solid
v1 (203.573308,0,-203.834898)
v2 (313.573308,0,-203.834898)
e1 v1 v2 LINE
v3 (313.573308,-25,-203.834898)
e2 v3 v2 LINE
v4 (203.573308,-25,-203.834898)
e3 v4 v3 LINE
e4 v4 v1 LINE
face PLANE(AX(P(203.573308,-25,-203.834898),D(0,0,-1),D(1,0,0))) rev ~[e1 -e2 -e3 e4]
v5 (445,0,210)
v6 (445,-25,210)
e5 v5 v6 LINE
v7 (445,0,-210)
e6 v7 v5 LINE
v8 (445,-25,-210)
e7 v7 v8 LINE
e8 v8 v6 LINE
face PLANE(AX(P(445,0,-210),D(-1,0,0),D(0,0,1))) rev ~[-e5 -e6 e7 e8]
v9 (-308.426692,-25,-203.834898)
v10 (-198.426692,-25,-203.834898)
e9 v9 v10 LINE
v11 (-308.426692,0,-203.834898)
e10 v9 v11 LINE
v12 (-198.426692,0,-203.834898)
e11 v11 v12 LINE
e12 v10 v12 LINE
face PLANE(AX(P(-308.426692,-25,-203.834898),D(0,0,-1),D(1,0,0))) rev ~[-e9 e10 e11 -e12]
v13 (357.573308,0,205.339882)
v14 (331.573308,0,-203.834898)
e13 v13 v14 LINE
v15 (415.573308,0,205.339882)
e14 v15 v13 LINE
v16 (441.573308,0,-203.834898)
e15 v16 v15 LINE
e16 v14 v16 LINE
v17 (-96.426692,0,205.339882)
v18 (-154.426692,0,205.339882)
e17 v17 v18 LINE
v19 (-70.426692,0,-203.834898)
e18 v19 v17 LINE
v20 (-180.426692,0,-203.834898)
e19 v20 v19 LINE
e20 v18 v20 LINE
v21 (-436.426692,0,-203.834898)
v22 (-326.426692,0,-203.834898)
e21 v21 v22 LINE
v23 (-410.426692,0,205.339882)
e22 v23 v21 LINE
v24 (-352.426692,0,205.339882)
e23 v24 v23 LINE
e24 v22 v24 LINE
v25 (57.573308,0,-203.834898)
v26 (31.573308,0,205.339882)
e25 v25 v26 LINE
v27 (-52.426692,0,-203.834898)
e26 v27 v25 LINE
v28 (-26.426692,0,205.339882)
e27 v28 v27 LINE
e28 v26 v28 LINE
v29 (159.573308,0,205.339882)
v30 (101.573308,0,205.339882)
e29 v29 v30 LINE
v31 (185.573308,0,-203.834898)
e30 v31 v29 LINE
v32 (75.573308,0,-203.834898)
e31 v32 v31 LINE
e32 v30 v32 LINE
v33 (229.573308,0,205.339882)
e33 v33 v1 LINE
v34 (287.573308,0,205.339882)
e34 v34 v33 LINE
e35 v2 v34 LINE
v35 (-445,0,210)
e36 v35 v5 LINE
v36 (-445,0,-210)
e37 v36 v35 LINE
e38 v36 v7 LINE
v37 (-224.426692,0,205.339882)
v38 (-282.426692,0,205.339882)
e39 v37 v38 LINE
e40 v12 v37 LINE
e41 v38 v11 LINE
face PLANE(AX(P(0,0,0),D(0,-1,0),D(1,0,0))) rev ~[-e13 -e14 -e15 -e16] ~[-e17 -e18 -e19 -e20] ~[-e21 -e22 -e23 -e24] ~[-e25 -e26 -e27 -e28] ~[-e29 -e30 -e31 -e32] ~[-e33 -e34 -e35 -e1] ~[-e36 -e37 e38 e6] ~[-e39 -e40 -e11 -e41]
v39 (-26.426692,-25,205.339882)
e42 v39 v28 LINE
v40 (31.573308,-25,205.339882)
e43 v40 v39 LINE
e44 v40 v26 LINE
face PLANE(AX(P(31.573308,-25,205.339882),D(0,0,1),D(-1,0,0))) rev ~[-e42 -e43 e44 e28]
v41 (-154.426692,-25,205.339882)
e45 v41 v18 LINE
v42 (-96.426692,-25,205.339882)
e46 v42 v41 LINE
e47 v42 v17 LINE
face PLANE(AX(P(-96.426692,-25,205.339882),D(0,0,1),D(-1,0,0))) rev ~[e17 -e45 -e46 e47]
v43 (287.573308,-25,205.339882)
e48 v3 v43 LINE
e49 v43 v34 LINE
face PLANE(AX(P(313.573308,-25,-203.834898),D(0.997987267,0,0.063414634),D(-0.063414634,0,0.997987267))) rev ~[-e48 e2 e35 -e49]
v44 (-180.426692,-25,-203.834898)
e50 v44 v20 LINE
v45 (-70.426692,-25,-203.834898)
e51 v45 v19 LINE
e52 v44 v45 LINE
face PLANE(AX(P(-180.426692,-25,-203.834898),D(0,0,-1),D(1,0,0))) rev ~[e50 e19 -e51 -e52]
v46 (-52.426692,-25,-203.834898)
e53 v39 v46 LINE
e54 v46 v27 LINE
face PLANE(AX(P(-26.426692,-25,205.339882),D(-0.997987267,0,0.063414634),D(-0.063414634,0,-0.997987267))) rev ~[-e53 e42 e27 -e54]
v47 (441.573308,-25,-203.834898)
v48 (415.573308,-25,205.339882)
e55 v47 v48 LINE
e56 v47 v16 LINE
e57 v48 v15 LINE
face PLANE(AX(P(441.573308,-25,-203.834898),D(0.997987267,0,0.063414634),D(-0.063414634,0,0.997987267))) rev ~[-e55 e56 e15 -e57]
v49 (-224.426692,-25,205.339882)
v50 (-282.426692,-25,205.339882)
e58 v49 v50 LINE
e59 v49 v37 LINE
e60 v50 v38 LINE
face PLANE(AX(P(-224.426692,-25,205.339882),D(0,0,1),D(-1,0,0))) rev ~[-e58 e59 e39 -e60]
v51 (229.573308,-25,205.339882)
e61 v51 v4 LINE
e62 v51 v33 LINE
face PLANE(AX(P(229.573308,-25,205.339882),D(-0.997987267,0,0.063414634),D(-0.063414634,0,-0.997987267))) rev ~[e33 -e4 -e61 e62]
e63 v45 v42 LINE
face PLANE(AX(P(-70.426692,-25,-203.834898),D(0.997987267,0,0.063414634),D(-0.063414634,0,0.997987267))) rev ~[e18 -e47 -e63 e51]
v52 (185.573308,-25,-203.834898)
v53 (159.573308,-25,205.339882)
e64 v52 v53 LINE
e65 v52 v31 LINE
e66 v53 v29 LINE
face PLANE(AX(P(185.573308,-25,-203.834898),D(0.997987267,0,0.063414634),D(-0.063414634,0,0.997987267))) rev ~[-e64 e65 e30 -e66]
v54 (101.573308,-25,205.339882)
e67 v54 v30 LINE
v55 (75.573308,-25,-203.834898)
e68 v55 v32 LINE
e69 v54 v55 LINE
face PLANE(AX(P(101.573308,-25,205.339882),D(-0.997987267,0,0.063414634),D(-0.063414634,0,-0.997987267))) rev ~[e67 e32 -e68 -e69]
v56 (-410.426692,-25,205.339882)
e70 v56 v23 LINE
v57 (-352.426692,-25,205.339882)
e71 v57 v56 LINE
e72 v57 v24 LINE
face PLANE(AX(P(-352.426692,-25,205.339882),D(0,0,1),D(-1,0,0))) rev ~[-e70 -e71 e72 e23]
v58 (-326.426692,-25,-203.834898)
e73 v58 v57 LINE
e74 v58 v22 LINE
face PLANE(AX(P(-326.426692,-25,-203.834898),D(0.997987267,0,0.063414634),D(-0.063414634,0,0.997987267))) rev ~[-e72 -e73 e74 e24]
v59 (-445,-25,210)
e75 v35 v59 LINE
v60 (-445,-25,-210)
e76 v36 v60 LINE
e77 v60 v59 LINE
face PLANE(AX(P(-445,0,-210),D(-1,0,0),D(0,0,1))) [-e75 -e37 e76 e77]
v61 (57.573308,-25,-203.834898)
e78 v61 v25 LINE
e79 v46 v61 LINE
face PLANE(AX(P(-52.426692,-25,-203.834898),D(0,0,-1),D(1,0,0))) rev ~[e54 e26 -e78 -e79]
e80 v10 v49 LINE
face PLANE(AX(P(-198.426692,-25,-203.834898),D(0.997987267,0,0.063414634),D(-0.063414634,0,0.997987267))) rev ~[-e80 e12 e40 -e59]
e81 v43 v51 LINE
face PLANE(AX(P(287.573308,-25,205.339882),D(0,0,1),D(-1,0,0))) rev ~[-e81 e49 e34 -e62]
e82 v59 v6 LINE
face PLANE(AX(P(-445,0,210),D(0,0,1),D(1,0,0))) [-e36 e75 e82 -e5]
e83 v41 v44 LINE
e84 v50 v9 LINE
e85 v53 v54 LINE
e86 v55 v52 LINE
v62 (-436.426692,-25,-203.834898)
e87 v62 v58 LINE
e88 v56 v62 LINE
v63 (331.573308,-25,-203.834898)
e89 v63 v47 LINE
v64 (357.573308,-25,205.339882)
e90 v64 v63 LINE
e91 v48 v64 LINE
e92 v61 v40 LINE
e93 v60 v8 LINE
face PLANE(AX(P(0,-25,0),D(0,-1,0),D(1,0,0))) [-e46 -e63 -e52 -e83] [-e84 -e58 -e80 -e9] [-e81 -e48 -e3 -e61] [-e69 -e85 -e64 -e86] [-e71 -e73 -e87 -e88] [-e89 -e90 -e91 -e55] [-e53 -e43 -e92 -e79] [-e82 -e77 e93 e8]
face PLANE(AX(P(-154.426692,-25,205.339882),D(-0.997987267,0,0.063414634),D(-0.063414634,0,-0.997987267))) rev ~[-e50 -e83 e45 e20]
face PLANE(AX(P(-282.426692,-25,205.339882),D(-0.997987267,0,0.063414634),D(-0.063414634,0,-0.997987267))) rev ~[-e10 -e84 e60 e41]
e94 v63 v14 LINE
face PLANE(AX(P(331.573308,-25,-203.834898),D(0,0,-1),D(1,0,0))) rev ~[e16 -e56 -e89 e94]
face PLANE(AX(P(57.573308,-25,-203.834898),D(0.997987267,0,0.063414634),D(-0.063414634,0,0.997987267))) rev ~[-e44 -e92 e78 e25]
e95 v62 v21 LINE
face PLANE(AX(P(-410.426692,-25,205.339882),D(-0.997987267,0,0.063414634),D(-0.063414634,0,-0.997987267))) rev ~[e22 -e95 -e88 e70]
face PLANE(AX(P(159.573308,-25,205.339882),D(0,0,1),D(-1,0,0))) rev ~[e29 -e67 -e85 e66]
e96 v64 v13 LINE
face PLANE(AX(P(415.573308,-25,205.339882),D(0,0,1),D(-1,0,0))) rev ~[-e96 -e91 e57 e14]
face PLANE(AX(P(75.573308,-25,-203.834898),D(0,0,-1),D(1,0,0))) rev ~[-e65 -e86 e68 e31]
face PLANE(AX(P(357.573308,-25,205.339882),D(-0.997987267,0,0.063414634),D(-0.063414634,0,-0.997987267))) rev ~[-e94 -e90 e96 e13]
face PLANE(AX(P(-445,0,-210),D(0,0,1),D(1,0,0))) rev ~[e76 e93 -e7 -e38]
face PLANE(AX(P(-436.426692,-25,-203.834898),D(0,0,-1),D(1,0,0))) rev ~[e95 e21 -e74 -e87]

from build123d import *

# Parameters (mm, degrees)
F0_W     = 890
F0_H     = 420
F1_DEPTH = 25
F3_DEPTH = 25


with BuildPart() as f1:
    # F0 (on Front) → F1 (new body)
    with BuildSketch(Plane.XZ):
        Rectangle(F0_W, F0_H)
    extrude(amount=F1_DEPTH)

    # F2 (on face) → F3 (cut)
    with BuildSketch(Plane.XZ.offset(25)):
        Polygon((-436.426692, -203.834898), (-381.426692, -203.834898), (-326.426692, -203.834898), (-352.426692, 205.339882), (-381.426692, 205.339882), (-410.426692, 205.339882), align=None)
        Polygon((-308.426692, -203.834898), (-253.426692, -203.834898), (-198.426692, -203.834898), (-224.426692, 205.339882), (-253.426692, 205.339882), (-282.426692, 205.339882), align=None)
        Polygon((-180.426692, -203.834898), (-125.426692, -203.834898), (-70.426692, -203.834898), (-96.426692, 205.339882), (-125.426692, 205.339882), (-154.426692, 205.339882), align=None)
        Polygon((-52.426692, -203.834898), (2.573308, -203.834898), (57.573308, -203.834898), (31.573308, 205.339882), (2.573308, 205.339882), (-26.426692, 205.339882), align=None)
        Polygon((75.573308, -203.834898), (130.573308, -203.834898), (185.573308, -203.834898), (159.573308, 205.339882), (130.573308, 205.339882), (101.573308, 205.339882), align=None)
        Polygon((203.573308, -203.834898), (258.573308, -203.834898), (313.573308, -203.834898), (287.573308, 205.339882), (258.573308, 205.339882), (229.573308, 205.339882), align=None)
        Polygon((331.573308, -203.834898), (386.573308, -203.834898), (441.573308, -203.834898), (415.573308, 205.339882), (386.573308, 205.339882), (357.573308, 205.339882), align=None)
    extrude(amount=-F3_DEPTH, mode=Mode.SUBTRACT)


solid = f1.part
